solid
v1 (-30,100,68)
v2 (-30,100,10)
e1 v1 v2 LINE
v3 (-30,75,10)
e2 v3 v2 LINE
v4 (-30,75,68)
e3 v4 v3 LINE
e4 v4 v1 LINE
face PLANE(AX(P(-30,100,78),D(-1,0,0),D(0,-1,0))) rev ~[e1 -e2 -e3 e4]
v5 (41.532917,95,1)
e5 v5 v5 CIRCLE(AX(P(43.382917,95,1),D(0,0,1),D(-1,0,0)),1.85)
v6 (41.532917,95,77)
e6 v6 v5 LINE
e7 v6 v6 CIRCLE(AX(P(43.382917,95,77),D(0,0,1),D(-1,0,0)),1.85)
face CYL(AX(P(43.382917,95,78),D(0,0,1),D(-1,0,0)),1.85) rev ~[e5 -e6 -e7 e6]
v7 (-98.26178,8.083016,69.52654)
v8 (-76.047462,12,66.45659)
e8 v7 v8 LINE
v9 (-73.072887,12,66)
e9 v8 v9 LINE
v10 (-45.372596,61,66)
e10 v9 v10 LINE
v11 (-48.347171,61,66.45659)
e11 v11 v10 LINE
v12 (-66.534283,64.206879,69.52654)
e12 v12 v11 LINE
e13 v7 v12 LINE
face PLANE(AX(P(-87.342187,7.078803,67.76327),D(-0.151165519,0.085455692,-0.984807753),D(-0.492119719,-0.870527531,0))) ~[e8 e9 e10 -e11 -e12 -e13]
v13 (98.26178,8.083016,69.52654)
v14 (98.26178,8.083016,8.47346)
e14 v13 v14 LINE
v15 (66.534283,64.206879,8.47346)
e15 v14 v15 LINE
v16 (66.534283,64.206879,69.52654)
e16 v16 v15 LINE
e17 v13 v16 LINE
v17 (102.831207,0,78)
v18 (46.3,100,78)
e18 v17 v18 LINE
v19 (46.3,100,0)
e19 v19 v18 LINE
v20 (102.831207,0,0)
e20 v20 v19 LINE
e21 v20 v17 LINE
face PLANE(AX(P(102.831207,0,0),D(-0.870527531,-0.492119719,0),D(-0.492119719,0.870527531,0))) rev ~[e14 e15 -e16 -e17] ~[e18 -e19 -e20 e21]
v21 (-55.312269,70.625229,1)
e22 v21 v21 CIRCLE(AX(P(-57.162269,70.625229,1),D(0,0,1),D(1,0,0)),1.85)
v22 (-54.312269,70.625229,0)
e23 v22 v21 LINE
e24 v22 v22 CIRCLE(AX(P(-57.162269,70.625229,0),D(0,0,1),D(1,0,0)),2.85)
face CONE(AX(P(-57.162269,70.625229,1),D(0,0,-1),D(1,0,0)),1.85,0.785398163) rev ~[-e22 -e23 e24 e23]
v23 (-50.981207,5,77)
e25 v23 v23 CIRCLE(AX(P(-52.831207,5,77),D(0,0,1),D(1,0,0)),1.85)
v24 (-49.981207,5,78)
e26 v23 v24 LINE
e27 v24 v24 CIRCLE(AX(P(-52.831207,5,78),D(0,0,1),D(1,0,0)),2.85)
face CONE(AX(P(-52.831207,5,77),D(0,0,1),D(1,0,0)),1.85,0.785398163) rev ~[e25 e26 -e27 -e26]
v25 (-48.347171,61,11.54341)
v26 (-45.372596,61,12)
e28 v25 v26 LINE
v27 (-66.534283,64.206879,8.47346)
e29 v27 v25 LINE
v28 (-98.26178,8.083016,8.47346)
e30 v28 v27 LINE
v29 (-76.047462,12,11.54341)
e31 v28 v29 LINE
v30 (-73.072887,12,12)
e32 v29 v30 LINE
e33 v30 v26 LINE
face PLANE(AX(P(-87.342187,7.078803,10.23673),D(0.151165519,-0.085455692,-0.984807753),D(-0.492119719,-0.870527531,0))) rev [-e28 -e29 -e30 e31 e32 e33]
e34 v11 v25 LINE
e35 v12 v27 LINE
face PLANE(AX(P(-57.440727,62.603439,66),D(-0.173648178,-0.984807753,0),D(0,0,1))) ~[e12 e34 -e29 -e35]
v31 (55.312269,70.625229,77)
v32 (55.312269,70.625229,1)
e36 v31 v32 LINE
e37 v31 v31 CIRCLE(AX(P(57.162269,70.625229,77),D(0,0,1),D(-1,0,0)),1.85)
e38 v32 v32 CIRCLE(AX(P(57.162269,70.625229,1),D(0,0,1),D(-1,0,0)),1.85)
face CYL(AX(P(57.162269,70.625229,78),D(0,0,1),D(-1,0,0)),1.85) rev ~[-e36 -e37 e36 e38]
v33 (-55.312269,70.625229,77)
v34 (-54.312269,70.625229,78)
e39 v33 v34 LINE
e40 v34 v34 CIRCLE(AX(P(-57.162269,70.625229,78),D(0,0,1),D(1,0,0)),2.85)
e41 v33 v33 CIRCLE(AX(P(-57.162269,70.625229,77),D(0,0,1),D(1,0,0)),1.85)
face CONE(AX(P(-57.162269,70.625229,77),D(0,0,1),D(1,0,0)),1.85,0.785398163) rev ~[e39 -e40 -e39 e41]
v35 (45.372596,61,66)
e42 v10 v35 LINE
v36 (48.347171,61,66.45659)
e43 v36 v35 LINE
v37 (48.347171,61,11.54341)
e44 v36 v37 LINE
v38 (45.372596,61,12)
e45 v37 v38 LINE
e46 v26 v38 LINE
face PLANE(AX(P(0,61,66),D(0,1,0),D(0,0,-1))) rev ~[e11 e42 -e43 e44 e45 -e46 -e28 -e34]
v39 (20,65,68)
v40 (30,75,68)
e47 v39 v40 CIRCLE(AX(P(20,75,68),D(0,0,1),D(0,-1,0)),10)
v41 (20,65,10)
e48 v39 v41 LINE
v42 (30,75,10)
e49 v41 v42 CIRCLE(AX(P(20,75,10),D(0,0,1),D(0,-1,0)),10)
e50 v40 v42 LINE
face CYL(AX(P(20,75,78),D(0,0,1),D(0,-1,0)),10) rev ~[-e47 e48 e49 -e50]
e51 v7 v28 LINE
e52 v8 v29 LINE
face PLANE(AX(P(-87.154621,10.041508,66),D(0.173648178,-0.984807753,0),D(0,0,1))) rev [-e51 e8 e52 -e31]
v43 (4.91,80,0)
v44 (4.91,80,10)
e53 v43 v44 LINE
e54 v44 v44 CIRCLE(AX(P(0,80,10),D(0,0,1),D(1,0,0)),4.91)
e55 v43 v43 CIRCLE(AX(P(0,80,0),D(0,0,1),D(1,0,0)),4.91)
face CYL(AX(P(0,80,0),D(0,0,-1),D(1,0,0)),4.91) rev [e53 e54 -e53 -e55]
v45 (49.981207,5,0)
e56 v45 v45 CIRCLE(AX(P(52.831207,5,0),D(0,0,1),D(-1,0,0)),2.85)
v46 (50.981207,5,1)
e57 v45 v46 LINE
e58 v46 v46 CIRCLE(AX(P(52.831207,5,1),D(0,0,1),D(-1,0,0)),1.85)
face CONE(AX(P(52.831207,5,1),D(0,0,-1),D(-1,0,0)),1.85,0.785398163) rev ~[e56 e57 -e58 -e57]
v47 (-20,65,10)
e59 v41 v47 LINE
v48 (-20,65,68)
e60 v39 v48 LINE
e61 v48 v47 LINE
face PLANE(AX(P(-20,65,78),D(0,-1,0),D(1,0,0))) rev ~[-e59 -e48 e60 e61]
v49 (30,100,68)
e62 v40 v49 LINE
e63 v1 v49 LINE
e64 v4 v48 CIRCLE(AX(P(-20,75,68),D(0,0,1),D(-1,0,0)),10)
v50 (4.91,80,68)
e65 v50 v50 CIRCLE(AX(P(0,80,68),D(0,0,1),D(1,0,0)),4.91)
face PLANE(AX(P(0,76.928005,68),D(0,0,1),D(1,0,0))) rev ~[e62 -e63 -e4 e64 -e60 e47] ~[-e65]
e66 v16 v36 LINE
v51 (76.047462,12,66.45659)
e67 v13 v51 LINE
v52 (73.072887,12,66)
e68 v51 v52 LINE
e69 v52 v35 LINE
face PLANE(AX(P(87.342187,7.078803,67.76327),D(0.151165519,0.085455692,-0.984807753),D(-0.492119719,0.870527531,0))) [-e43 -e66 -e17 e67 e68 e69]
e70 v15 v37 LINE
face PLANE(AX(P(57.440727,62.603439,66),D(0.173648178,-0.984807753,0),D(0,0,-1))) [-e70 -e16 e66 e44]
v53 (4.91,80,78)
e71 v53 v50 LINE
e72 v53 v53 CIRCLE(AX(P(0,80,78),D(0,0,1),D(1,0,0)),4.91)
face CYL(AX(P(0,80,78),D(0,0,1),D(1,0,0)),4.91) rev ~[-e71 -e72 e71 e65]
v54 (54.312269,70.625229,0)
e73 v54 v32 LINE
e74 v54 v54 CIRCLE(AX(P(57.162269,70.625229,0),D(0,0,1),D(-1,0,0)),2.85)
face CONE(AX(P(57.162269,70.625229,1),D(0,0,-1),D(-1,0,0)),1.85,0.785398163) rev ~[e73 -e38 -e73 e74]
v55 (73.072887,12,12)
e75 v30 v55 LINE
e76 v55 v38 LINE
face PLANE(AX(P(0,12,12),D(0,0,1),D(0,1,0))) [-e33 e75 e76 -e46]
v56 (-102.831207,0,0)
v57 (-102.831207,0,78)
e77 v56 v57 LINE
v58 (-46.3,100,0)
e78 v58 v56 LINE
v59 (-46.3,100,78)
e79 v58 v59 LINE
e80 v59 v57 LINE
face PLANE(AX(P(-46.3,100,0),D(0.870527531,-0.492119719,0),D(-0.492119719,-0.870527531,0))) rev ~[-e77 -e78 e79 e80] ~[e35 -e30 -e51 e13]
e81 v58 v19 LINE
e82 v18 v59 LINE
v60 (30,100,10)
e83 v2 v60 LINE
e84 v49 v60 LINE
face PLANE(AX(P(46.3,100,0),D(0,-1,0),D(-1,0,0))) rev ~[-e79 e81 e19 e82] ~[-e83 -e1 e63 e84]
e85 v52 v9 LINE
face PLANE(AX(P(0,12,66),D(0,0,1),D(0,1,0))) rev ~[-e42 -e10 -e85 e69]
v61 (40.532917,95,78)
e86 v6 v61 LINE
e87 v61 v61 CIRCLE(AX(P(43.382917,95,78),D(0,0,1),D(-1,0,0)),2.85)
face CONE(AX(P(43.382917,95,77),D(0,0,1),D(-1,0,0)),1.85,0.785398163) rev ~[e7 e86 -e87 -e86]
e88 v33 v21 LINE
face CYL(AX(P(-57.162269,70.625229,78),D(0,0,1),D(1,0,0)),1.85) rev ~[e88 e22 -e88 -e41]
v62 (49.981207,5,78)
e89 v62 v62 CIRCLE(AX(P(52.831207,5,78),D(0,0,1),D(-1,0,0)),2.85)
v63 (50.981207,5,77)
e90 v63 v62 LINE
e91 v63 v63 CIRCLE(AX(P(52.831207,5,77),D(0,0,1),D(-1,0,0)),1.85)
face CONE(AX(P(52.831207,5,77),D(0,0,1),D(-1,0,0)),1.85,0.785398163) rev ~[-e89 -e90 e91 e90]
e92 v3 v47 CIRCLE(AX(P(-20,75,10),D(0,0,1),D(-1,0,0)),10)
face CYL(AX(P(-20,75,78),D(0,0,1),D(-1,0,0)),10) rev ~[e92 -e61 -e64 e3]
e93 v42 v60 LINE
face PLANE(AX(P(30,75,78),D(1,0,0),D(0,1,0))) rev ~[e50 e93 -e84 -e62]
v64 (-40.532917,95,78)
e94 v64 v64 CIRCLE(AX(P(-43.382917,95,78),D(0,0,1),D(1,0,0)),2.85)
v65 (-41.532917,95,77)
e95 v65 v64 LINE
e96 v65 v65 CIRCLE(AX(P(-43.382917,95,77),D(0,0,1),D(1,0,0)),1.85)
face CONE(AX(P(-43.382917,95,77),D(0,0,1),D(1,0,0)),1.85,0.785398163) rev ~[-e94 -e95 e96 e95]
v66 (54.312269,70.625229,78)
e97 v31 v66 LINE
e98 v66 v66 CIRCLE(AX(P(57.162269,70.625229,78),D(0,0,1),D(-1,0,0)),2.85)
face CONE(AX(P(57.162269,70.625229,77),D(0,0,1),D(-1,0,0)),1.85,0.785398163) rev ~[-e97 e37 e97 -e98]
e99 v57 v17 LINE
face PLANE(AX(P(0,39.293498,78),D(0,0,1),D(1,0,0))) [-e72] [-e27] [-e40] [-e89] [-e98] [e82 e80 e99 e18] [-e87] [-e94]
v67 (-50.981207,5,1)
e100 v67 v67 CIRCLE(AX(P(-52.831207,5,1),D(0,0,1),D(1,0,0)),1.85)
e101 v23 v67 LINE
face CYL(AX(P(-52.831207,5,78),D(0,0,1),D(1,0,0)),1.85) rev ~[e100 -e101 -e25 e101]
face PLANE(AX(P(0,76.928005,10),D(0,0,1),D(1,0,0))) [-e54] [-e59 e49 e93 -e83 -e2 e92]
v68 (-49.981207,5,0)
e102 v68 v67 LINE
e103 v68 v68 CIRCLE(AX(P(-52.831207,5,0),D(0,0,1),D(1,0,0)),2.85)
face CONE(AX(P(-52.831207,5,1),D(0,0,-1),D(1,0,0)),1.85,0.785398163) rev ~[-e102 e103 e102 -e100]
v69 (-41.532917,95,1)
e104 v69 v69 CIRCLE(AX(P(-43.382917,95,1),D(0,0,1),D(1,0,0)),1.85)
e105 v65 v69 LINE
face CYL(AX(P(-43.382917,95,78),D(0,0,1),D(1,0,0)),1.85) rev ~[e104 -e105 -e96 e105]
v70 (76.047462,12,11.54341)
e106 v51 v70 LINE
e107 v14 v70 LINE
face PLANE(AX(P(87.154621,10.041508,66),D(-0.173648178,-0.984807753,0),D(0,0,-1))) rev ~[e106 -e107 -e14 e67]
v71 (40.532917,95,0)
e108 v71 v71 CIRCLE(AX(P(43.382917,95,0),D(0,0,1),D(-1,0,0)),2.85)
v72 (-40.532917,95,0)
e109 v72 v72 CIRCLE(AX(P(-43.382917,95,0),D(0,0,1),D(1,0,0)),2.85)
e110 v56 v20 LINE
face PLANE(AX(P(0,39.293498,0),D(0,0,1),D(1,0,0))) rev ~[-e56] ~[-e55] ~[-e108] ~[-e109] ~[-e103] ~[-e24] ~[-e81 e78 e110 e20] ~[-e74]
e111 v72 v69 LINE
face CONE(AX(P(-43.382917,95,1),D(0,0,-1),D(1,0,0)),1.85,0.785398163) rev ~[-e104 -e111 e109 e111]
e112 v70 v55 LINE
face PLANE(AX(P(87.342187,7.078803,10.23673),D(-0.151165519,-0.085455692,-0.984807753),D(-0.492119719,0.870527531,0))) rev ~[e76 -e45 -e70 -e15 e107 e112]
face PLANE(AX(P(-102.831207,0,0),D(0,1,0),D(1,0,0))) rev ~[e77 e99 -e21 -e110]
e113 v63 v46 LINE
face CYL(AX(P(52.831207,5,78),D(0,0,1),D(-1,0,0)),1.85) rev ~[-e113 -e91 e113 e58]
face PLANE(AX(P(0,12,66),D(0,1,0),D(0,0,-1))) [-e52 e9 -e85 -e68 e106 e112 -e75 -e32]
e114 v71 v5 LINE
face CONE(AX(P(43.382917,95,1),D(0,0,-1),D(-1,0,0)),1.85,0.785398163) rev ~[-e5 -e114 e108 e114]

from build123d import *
from OCP.BRepFilletAPI import BRepFilletAPI_MakeChamfer

# Parameters (mm, degrees)
BOSS_EXTRUDE1_DEPTH     = 78
SKETCH3_W               = 54
SKETCH3_H               = 49
CUT_EXTRUDE1_DEPTH      = 164.27356518
CUT_EXTRUDE1_DEPTH_BACK = 164.27356518
CHAMFER1_SIZE           = 20
CHAMFER1_SIZE2          = 4.499551712
CHAMFER1_SIZE2_2        = 3.526539614
CHAMFER1_SIZE2_3        = 3.683833732
CUT_EXTRUDE2_DEPTH      = 164.27356518
SKETCH8_W               = 60
SKETCH8_H               = 46.143990022
SKETCH8_R               = 4.91
BOSS_EXTRUDE4_DEPTH     = 10
BOSS_EXTRUDE5_START     = -78
SKETCH8_3_W             = 60
SKETCH8_3_H             = 46.143990022
SKETCH8_3_R             = 4.91
BOSS_EXTRUDE5_DEPTH     = 10
SKETCH10_R              = 1.85
CUT_EXTRUDE4_DEPTH      = 164.27356518
CHAMFER2_SIZE           = 1


with BuildPart() as part:
    # Sketch2 → Boss-Extrude1 (new body)
    with BuildSketch(Plane.XY):
        Polygon((46.3, 100), (-46.3, 100), (-102.831206773, 0), (102.831206773, 0), align=None)
    extrude(amount=BOSS_EXTRUDE1_DEPTH)

    # Sketch3 → Cut-Extrude1 (cut, two sides)
    with BuildSketch(Plane(origin=(0, 0, 0), x_dir=(0, 0, -1), z_dir=(1, 0, 0))) as cut_extrude1_sk:
        with Locations((-39, 36.5)):
            Rectangle(SKETCH3_W, SKETCH3_H)
    extrude(amount=CUT_EXTRUDE1_DEPTH, mode=Mode.SUBTRACT)
    extrude(cut_extrude1_sk.sketch, amount=-CUT_EXTRUDE1_DEPTH_BACK, mode=Mode.SUBTRACT)

    # Chamfer1: one chamfer whose edges measure the first distance from different faces: ONE call of the kernel's chamfer builder (chamfer() names one face for all edges)
    chamfer1_edges_1 = [part.edges().sort_by_distance(p)[0] for p in [
        (96.04746196, 12, 39),
        (-96.04746196, 12, 39),
    ]]
    chamfer1_side_1 = [part.faces().sort_by_distance(p)[0] for p in [
        (0, 12, 39),
    ]]
    chamfer1_edges_2 = [part.edges().sort_by_distance(p)[0] for p in [
        (82.197316301, 36.5, 12),
        (-82.197316301, 36.5, 12),
    ]]
    chamfer1_side_2 = [part.faces().sort_by_distance(p)[0] for p in [
        (0, 35.123926814, 12),
    ]]
    chamfer1_edges_3 = [part.edges().sort_by_distance(p)[0] for p in [
        (68.347170642, 61, 39),
        (-68.347170642, 61, 39),
    ]]
    chamfer1_side_3 = [part.faces().sort_by_distance(p)[0] for p in [
        (0, 61, 39),
    ]]
    chamfer1_edges_4 = [part.edges().sort_by_distance(p)[0] for p in [
        (82.197316301, 36.5, 66),
        (-82.197316301, 36.5, 66),
    ]]
    chamfer1_side_4 = [part.faces().sort_by_distance(p)[0] for p in [
        (0, 35.123926814, 66),
    ]]
    chamfer1 = BRepFilletAPI_MakeChamfer(part.part.solid().wrapped)
    for e in chamfer1_edges_1:
        chamfer1.Add(CHAMFER1_SIZE, CHAMFER1_SIZE2, e.wrapped, chamfer1_side_1[0].wrapped)  # the first distance lies on this face
    for e in chamfer1_edges_2:
        chamfer1.Add(CHAMFER1_SIZE, CHAMFER1_SIZE2_2, e.wrapped, chamfer1_side_2[0].wrapped)  # the first distance lies on this face
    for e in chamfer1_edges_3:
        chamfer1.Add(CHAMFER1_SIZE, CHAMFER1_SIZE2_3, e.wrapped, chamfer1_side_3[0].wrapped)  # the first distance lies on this face
    for e in chamfer1_edges_4:
        chamfer1.Add(CHAMFER1_SIZE, CHAMFER1_SIZE2_2, e.wrapped, chamfer1_side_4[0].wrapped)  # the first distance lies on this face
    add(Compound.cast(chamfer1.Shape()), mode=Mode.REPLACE)

    # Sketch4 → Cut-Extrude2 (cut, through all)
    with BuildSketch(Plane.XY.offset(78)):
        with BuildLine():
            Line((-20, 65), (20, 65))
            ThreePointArc((20, 65), (27.071067812, 67.928932188), (30, 75))
            Line((30, 75), (30, 100))
            Line((30, 100), (-30, 100))
            Line((-30, 100), (-30, 75))
            ThreePointArc((-30, 75), (-27.071067812, 67.928932188), (-20, 65))
        make_face()
    extrude(amount=-CUT_EXTRUDE2_DEPTH, mode=Mode.SUBTRACT)

    # Sketch8 → Boss-Extrude4 (add)
    with BuildSketch(Plane.XY.offset(78)):
        with Locations((0, 76.928004989)):
            Rectangle(SKETCH8_W, SKETCH8_H)
        with Locations((0, 80)):
            Circle(SKETCH8_R, mode=Mode.SUBTRACT)
    extrude(amount=-BOSS_EXTRUDE4_DEPTH)

    # Sketch8<3> → Boss-Extrude5 (add)
    with BuildSketch(Plane.XY.offset(78).offset(BOSS_EXTRUDE5_START)):
        with Locations((0, 76.928004989)):
            Rectangle(SKETCH8_3_W, SKETCH8_3_H)
        with Locations((0, 80)):
            Circle(SKETCH8_3_R, mode=Mode.SUBTRACT)
    extrude(amount=BOSS_EXTRUDE5_DEPTH)

    # Sketch10 → Cut-Extrude4 (cut, through all)
    with BuildSketch(Plane.XY.offset(78)):
        with Locations((-43.382916604, 95)):
            Circle(SKETCH10_R)
        with Locations((-57.162268727, 70.625229128)):
            Circle(SKETCH10_R)
        with Locations((-52.831206773, 5)):
            Circle(SKETCH10_R)
        with Locations(Location((52.831206773, 5, 0), (0, 0, 180))):
            Circle(SKETCH10_R)
        with Locations(Location((57.162268727, 70.625229128, 0), (0, 0, 180))):
            Circle(SKETCH10_R)
        with Locations(Location((43.382916604, 95, 0), (0, 0, 180))):
            Circle(SKETCH10_R)
    extrude(amount=-CUT_EXTRUDE4_DEPTH, mode=Mode.SUBTRACT)

    # Chamfer2
    chamfer2_edges = [part.edges().sort_by_distance(p)[0] for p in [
        (45.232916604, 95, 0),
        (45.232916604, 95, 78),
        (59.012268727, 70.625229128, 0),
        (59.012268727, 70.625229128, 78),
        (54.681206773, 5, 0),
        (54.681206773, 5, 78),
        (-54.681206773, 5, 0),
        (-54.681206773, 5, 78),
        (-59.012268727, 70.625229128, 0),
        (-59.012268727, 70.625229128, 78),
        (-45.232916604, 95, 0),
        (-45.232916604, 95, 78),
    ]]
    chamfer(chamfer2_edges, length=CHAMFER2_SIZE)


solid = part.part
